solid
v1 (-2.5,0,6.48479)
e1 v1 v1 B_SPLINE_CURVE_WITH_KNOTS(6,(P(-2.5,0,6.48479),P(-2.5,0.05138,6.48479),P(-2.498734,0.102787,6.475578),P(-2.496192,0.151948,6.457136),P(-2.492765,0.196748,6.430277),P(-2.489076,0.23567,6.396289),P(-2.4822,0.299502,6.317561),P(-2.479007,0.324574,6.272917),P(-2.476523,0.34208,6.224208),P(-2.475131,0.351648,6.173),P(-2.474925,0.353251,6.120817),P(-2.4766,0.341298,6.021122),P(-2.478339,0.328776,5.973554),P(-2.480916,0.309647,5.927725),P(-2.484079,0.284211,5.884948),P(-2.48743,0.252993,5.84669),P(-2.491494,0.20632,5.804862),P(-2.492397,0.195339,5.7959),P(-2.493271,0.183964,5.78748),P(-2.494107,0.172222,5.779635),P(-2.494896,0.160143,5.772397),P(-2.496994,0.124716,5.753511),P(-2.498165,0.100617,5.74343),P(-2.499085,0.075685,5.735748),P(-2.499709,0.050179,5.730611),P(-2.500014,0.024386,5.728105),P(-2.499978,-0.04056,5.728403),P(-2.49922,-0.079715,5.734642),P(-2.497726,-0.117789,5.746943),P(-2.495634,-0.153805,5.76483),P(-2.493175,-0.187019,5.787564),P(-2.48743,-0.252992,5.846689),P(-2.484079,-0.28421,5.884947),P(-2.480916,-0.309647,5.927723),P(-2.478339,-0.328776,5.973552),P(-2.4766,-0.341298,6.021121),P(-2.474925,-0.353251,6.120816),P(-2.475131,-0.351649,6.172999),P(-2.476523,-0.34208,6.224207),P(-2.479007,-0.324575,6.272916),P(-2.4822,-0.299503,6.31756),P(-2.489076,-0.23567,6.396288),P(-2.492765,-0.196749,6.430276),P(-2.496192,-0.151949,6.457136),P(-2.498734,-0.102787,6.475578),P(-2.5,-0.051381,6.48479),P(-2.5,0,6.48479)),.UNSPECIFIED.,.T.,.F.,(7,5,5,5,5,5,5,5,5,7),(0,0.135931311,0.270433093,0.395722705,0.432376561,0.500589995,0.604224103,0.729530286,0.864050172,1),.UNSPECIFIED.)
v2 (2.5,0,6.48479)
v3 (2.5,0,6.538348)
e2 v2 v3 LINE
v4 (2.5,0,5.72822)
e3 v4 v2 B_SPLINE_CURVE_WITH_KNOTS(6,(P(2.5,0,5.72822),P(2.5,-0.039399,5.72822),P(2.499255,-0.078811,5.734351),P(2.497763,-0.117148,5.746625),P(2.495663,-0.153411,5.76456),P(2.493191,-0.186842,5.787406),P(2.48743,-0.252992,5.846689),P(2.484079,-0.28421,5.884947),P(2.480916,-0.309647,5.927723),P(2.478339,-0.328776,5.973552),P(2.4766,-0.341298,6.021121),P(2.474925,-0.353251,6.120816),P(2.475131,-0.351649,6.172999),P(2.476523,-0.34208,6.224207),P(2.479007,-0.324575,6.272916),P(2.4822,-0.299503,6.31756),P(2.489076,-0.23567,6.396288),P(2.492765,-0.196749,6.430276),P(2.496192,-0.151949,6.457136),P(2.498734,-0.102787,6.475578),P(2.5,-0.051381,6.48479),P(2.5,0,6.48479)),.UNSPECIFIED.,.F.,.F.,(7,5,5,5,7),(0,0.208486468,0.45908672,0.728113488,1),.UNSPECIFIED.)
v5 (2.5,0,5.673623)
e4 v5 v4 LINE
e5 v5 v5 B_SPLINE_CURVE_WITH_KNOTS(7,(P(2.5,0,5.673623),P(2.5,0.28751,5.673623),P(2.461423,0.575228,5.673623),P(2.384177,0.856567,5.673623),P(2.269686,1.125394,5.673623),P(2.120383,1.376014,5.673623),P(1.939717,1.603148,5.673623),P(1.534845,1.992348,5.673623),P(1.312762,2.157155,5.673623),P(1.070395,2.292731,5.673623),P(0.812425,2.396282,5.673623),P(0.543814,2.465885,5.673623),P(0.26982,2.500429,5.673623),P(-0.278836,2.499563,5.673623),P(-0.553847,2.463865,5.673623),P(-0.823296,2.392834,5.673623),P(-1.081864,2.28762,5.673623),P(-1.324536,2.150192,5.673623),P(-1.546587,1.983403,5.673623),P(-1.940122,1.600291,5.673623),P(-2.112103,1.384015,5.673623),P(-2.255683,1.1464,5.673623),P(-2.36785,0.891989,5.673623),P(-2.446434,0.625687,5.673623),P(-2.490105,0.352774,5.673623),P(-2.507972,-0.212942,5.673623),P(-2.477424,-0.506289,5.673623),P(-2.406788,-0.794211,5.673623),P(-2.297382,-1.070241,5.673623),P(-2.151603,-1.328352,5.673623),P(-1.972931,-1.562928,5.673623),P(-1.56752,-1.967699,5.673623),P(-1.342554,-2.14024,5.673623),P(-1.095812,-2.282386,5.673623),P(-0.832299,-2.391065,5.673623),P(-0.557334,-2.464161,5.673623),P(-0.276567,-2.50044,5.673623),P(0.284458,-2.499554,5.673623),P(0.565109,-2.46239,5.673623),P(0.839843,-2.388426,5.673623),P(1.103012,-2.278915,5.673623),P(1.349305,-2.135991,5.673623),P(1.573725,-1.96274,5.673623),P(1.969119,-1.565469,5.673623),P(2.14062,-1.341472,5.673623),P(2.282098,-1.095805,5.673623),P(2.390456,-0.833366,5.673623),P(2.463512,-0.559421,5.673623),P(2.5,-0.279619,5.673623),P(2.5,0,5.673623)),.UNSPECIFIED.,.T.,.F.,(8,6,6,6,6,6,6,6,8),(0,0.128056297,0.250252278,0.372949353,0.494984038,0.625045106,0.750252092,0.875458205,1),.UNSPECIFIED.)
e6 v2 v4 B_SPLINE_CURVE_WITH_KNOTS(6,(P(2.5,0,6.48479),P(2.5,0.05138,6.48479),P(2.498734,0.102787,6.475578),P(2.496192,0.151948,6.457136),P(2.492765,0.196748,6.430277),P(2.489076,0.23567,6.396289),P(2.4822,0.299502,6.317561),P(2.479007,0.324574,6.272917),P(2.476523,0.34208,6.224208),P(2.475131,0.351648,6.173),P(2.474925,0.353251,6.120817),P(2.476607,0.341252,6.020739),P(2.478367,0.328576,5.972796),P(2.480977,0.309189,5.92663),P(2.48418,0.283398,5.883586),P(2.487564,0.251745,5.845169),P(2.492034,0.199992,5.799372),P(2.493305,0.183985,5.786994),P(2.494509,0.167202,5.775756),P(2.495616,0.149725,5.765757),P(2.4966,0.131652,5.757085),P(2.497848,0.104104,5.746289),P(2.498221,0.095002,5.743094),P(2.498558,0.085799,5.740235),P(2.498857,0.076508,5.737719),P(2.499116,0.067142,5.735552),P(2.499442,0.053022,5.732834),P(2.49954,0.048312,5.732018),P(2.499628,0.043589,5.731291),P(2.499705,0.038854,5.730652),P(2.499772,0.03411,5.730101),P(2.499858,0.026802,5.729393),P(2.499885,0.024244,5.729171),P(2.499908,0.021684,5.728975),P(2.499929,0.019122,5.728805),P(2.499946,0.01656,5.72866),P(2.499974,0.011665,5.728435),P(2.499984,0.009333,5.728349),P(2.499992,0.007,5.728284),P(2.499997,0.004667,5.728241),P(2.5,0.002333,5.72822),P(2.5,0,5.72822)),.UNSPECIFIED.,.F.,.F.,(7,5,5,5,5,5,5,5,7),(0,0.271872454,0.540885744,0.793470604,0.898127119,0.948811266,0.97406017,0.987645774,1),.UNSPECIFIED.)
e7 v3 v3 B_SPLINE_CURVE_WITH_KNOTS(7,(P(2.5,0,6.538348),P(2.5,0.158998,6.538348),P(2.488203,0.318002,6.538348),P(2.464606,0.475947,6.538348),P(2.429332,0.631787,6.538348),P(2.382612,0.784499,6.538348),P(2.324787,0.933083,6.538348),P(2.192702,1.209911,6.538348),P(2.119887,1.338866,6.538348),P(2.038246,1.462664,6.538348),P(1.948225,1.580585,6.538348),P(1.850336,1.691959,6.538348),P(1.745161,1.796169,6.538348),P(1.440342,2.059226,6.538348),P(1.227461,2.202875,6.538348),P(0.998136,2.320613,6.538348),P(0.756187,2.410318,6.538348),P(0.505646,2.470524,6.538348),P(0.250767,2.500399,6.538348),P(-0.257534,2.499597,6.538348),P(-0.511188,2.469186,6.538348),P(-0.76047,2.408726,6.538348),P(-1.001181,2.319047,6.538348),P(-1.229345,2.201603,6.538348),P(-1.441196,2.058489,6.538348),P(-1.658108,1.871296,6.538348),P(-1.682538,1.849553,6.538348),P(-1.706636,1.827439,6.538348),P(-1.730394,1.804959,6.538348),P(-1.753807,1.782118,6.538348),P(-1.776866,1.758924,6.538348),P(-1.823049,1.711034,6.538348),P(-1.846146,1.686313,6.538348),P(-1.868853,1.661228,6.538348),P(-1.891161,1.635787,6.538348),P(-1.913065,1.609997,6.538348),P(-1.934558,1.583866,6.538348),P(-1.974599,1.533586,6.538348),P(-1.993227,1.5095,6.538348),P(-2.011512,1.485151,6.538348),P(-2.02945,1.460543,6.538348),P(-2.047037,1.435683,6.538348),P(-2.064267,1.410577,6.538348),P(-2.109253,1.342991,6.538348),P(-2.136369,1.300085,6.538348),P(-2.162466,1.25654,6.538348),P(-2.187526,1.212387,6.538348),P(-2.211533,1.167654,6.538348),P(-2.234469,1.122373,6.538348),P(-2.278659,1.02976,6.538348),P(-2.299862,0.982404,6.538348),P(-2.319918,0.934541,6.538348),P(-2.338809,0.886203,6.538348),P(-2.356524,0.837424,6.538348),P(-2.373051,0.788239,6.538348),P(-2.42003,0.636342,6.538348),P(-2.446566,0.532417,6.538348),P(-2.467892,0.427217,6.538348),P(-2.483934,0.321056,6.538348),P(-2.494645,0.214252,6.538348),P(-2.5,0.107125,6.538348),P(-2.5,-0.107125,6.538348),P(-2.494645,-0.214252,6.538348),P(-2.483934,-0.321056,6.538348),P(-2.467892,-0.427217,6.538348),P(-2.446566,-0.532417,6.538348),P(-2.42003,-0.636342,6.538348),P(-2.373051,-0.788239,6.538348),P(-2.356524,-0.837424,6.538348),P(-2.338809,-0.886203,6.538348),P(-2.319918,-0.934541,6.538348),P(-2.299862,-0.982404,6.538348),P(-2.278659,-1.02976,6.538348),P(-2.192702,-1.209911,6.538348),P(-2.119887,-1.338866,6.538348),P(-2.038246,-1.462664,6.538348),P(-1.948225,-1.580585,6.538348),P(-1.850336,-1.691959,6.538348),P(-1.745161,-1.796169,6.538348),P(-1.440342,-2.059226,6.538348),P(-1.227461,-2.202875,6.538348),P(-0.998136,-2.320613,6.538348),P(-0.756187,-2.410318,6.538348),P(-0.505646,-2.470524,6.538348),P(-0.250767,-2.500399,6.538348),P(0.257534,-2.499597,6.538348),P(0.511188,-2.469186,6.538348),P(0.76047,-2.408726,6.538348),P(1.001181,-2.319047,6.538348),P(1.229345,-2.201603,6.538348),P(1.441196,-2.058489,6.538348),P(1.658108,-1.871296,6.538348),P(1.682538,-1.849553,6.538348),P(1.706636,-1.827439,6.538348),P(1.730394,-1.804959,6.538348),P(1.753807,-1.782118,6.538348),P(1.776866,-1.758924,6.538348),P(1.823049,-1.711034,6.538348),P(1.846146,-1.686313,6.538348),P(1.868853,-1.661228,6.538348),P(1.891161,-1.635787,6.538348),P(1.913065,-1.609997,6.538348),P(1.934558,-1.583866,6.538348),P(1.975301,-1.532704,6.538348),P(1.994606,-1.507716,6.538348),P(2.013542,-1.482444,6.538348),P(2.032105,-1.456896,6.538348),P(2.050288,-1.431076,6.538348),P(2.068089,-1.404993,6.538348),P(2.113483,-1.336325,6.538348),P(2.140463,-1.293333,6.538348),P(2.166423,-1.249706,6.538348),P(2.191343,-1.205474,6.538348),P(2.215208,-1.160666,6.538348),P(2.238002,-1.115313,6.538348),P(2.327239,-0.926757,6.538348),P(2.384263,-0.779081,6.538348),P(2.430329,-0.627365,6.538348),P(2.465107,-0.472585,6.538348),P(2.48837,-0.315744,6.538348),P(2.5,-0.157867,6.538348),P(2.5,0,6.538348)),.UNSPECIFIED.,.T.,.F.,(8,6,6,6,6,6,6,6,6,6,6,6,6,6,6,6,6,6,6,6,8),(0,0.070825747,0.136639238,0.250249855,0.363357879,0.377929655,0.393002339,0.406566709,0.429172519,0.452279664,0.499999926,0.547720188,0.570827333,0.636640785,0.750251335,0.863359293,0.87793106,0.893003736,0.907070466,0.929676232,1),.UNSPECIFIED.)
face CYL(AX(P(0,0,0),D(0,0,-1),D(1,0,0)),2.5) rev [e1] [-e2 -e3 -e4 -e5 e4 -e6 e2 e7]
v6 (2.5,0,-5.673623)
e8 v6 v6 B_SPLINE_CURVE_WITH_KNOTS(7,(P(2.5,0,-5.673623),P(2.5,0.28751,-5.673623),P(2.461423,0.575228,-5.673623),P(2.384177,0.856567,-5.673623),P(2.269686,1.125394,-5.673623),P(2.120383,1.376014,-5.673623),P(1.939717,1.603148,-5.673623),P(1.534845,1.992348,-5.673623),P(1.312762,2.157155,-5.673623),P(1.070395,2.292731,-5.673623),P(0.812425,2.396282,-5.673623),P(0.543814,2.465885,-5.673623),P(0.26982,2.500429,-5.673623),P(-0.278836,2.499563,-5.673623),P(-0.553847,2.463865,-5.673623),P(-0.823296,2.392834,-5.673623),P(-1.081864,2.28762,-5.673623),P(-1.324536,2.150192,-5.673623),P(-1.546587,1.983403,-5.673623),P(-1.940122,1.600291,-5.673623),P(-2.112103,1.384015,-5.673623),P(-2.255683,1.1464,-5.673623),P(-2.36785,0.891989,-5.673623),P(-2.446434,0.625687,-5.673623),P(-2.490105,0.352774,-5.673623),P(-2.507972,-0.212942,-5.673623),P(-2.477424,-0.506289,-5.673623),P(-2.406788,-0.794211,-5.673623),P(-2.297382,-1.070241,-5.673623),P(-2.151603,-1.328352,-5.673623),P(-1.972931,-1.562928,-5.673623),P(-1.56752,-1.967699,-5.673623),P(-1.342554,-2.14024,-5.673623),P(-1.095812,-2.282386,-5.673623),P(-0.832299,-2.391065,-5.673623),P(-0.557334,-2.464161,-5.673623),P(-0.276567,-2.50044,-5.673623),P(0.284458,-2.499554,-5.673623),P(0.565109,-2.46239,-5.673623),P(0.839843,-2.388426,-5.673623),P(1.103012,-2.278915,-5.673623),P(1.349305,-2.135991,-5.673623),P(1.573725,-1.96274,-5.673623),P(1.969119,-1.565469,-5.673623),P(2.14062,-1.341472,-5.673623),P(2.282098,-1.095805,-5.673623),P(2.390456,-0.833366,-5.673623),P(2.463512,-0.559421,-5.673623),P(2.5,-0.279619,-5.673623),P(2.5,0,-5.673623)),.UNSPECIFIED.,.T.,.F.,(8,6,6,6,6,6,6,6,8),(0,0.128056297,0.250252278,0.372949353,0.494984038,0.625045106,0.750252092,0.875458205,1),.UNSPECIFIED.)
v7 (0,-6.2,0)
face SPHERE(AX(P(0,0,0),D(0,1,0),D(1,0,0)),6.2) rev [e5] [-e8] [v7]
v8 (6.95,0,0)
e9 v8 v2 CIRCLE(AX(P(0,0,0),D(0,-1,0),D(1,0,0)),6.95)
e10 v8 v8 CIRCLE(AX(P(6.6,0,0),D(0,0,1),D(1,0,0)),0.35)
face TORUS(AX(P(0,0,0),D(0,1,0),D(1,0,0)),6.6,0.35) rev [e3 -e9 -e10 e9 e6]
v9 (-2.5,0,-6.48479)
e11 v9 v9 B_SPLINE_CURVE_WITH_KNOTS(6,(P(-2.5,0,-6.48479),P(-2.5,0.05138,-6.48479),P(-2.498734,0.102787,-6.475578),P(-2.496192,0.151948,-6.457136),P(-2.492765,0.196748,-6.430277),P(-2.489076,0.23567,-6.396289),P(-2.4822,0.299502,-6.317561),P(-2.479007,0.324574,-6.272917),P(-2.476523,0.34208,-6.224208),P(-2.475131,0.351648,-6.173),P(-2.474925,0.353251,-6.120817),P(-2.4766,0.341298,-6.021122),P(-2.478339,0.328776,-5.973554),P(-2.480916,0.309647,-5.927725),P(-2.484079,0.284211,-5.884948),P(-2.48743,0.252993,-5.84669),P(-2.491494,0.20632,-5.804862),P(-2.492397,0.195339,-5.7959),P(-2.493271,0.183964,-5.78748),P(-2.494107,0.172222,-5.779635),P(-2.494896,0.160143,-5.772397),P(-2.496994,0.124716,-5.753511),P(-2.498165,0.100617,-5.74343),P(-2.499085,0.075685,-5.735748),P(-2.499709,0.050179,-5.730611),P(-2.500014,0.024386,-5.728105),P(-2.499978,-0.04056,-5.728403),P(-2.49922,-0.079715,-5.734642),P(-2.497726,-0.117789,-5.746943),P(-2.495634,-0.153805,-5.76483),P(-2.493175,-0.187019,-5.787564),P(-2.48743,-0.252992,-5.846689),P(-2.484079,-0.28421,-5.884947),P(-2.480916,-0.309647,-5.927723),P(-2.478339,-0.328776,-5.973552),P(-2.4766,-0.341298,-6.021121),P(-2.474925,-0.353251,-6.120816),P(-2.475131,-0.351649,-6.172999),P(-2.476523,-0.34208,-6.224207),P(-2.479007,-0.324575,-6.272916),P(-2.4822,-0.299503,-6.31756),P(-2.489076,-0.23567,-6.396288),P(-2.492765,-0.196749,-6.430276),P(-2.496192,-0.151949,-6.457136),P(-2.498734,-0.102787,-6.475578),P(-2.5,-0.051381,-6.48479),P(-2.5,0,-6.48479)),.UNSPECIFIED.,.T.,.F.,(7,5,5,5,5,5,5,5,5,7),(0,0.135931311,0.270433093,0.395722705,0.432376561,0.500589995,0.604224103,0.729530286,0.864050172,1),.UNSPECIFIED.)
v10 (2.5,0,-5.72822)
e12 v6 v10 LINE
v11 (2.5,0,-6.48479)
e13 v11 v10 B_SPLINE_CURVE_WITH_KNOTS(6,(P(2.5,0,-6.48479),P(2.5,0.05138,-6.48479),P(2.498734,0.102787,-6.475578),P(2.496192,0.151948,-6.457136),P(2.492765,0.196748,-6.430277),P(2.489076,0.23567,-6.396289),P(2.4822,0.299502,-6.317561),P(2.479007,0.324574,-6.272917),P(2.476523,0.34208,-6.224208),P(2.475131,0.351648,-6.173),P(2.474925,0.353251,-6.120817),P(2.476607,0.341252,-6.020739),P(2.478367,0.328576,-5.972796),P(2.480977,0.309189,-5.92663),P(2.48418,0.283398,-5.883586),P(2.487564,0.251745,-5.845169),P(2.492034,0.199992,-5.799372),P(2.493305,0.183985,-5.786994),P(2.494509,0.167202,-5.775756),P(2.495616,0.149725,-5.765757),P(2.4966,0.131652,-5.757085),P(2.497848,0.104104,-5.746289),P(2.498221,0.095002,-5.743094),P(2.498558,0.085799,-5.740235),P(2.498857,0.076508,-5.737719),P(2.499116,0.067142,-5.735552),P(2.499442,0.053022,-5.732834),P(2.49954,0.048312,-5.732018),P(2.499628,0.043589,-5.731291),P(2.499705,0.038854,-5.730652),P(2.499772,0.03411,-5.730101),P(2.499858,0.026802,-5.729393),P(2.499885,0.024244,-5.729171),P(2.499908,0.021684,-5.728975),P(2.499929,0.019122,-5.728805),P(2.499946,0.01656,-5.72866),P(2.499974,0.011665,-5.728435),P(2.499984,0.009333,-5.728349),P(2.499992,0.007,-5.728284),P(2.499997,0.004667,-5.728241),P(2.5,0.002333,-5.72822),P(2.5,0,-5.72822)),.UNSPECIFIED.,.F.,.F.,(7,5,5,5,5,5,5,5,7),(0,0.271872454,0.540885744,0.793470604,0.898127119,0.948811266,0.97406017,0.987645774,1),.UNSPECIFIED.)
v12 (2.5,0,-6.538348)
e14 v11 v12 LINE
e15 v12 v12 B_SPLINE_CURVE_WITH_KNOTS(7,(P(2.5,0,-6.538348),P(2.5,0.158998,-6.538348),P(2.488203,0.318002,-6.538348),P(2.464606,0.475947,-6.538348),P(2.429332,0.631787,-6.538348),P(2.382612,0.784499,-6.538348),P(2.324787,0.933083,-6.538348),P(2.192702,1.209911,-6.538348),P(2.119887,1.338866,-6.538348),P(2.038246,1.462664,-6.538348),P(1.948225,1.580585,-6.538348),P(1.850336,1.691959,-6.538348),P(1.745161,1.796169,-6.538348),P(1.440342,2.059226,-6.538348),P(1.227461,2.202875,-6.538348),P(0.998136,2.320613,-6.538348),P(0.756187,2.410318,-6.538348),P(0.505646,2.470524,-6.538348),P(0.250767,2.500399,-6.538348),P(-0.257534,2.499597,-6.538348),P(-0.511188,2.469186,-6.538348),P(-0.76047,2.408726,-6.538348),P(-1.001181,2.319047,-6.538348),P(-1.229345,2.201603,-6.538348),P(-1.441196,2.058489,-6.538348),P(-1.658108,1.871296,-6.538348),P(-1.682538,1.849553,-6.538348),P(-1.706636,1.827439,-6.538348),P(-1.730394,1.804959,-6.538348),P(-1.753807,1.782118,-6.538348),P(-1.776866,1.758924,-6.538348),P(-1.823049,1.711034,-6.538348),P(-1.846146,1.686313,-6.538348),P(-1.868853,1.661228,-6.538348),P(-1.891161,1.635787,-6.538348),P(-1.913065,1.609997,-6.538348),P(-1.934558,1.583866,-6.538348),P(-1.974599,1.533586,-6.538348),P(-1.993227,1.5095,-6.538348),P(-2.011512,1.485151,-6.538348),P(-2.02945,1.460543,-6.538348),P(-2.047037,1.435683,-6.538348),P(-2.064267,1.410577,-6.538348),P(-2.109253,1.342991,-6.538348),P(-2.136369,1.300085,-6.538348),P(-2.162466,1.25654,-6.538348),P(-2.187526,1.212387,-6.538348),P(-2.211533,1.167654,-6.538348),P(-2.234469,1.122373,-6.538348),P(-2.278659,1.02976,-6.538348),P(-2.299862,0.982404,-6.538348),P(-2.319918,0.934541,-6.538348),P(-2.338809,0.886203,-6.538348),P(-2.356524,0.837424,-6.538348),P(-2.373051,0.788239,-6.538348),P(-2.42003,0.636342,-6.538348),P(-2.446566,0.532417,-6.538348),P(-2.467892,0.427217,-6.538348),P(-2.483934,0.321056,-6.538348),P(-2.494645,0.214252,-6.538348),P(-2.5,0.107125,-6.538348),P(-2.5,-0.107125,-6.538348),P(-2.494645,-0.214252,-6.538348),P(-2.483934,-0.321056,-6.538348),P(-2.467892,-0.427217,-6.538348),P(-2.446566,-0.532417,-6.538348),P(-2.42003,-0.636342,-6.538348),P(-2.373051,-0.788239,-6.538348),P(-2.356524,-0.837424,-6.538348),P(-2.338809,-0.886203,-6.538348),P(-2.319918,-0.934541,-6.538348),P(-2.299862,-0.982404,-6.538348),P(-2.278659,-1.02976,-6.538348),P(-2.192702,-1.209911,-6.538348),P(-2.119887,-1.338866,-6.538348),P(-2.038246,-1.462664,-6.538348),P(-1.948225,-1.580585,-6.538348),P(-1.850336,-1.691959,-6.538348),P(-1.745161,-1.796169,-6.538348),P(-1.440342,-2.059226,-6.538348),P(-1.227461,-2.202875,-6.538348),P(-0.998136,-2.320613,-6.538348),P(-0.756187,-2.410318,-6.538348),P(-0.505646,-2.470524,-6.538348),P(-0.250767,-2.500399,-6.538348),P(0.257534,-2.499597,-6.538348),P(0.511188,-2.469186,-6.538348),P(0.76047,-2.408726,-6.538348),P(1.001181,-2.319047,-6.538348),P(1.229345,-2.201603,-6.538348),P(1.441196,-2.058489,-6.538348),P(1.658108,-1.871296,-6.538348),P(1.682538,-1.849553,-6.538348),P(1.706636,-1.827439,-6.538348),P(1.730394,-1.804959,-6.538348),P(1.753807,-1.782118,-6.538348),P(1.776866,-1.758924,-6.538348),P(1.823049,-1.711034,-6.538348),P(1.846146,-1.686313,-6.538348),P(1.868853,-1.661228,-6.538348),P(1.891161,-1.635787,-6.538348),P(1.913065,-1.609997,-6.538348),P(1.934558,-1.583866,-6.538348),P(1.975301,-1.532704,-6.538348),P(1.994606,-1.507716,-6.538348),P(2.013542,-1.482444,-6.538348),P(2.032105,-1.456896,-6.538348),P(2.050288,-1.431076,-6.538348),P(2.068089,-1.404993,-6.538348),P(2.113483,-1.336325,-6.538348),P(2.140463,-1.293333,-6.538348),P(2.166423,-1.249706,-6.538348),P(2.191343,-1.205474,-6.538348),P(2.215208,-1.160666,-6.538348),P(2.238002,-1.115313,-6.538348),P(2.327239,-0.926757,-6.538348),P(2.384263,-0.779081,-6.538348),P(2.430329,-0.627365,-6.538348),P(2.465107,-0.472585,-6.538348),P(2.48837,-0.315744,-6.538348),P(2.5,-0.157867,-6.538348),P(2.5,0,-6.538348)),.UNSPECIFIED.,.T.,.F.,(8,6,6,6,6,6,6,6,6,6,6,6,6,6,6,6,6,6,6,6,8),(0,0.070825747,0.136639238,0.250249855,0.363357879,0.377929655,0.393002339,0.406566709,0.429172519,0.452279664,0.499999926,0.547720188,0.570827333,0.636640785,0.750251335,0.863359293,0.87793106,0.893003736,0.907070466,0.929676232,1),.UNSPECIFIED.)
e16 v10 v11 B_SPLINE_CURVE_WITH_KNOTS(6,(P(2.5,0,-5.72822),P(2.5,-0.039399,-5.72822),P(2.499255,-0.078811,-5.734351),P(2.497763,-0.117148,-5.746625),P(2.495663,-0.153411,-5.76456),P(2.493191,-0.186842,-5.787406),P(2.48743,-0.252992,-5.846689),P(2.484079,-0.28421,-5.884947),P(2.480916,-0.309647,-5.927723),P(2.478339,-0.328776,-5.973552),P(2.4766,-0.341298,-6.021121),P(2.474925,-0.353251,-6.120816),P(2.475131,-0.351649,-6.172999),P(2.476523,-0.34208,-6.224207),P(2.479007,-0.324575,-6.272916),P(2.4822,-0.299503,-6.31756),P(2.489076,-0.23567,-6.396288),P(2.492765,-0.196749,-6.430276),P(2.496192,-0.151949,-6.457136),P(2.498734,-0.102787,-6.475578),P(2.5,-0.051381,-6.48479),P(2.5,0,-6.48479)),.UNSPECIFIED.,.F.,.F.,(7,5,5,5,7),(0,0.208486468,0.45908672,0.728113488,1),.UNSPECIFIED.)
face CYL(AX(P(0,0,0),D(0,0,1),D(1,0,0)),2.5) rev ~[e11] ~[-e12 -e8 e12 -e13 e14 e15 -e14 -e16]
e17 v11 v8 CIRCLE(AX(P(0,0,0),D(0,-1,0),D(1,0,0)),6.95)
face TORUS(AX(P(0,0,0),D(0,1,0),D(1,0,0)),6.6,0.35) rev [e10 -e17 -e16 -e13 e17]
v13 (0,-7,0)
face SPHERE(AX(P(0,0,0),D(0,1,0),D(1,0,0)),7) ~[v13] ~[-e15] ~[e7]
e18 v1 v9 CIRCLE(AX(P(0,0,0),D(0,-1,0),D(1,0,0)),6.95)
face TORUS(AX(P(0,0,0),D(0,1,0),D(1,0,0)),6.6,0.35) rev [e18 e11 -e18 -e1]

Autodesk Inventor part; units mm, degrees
ref_plane "YZ Plane" through (0, 0, 0) normal (1, 0, 0) x (0, 1, 0)
ref_plane "XZ Plane" through (0, 0, 0) normal (0, 1, 0) x (-1, 0, 0)
ref_plane "XY Plane" through (0, 0, 0) normal (0, 0, 1) x (1, 0, 0)
sketch "Sketch1" plane through (0, 0, 0) normal (0, 0, 1) x (1, 0, 0)
  arc A0 (0, -7) -> (0, 7) centre (0, 0) ccw
  arc A1 (0, -6.2) -> (0, 6.2) centre (0, 0) ccw
  line L0 (0, 7) -> (0, 6.2)
  line L1 (0, -6.2) -> (0, -7)
  line L2 (0, -9.8) -> (0, 9.8) projected
  dimension "d4" = 0.8
  dimension "d5" = 7
revolve "Revolution1" add sketch "Sketch1" angle 360 about axis through (0, -10, 0) along (0, -1, 0) contours L1 A1 L0 A0
sketch "Sketch3" plane through (0, 0, 0) normal (0, 0, 1) x (1, 0, 0)
  circle A0 centre (6.6, 0) radius 0.35
  line L0 (0, -0.49) -> (0, 0.49) projected
  point P0 (0, 0)
  point P1 (0, 0)
  dimension "d6" = 0.7
  dimension "d7" = 6.6
revolve "Revolution2" cut sketch "Sketch3" angle 360 about axis through (0, -10, 0) along (0, -1, 0)
sketch "Sketch4" plane through (0, 0, 0) normal (0, 0, 1) x (1, 0, 0)
  circle A0 centre (0, 0) radius 2.5
  dimension "d13" = 5
extrude "Extrusion1" cut sketch "Sketch4" along normal mid plane 50
properties part number "Bola_0002"
